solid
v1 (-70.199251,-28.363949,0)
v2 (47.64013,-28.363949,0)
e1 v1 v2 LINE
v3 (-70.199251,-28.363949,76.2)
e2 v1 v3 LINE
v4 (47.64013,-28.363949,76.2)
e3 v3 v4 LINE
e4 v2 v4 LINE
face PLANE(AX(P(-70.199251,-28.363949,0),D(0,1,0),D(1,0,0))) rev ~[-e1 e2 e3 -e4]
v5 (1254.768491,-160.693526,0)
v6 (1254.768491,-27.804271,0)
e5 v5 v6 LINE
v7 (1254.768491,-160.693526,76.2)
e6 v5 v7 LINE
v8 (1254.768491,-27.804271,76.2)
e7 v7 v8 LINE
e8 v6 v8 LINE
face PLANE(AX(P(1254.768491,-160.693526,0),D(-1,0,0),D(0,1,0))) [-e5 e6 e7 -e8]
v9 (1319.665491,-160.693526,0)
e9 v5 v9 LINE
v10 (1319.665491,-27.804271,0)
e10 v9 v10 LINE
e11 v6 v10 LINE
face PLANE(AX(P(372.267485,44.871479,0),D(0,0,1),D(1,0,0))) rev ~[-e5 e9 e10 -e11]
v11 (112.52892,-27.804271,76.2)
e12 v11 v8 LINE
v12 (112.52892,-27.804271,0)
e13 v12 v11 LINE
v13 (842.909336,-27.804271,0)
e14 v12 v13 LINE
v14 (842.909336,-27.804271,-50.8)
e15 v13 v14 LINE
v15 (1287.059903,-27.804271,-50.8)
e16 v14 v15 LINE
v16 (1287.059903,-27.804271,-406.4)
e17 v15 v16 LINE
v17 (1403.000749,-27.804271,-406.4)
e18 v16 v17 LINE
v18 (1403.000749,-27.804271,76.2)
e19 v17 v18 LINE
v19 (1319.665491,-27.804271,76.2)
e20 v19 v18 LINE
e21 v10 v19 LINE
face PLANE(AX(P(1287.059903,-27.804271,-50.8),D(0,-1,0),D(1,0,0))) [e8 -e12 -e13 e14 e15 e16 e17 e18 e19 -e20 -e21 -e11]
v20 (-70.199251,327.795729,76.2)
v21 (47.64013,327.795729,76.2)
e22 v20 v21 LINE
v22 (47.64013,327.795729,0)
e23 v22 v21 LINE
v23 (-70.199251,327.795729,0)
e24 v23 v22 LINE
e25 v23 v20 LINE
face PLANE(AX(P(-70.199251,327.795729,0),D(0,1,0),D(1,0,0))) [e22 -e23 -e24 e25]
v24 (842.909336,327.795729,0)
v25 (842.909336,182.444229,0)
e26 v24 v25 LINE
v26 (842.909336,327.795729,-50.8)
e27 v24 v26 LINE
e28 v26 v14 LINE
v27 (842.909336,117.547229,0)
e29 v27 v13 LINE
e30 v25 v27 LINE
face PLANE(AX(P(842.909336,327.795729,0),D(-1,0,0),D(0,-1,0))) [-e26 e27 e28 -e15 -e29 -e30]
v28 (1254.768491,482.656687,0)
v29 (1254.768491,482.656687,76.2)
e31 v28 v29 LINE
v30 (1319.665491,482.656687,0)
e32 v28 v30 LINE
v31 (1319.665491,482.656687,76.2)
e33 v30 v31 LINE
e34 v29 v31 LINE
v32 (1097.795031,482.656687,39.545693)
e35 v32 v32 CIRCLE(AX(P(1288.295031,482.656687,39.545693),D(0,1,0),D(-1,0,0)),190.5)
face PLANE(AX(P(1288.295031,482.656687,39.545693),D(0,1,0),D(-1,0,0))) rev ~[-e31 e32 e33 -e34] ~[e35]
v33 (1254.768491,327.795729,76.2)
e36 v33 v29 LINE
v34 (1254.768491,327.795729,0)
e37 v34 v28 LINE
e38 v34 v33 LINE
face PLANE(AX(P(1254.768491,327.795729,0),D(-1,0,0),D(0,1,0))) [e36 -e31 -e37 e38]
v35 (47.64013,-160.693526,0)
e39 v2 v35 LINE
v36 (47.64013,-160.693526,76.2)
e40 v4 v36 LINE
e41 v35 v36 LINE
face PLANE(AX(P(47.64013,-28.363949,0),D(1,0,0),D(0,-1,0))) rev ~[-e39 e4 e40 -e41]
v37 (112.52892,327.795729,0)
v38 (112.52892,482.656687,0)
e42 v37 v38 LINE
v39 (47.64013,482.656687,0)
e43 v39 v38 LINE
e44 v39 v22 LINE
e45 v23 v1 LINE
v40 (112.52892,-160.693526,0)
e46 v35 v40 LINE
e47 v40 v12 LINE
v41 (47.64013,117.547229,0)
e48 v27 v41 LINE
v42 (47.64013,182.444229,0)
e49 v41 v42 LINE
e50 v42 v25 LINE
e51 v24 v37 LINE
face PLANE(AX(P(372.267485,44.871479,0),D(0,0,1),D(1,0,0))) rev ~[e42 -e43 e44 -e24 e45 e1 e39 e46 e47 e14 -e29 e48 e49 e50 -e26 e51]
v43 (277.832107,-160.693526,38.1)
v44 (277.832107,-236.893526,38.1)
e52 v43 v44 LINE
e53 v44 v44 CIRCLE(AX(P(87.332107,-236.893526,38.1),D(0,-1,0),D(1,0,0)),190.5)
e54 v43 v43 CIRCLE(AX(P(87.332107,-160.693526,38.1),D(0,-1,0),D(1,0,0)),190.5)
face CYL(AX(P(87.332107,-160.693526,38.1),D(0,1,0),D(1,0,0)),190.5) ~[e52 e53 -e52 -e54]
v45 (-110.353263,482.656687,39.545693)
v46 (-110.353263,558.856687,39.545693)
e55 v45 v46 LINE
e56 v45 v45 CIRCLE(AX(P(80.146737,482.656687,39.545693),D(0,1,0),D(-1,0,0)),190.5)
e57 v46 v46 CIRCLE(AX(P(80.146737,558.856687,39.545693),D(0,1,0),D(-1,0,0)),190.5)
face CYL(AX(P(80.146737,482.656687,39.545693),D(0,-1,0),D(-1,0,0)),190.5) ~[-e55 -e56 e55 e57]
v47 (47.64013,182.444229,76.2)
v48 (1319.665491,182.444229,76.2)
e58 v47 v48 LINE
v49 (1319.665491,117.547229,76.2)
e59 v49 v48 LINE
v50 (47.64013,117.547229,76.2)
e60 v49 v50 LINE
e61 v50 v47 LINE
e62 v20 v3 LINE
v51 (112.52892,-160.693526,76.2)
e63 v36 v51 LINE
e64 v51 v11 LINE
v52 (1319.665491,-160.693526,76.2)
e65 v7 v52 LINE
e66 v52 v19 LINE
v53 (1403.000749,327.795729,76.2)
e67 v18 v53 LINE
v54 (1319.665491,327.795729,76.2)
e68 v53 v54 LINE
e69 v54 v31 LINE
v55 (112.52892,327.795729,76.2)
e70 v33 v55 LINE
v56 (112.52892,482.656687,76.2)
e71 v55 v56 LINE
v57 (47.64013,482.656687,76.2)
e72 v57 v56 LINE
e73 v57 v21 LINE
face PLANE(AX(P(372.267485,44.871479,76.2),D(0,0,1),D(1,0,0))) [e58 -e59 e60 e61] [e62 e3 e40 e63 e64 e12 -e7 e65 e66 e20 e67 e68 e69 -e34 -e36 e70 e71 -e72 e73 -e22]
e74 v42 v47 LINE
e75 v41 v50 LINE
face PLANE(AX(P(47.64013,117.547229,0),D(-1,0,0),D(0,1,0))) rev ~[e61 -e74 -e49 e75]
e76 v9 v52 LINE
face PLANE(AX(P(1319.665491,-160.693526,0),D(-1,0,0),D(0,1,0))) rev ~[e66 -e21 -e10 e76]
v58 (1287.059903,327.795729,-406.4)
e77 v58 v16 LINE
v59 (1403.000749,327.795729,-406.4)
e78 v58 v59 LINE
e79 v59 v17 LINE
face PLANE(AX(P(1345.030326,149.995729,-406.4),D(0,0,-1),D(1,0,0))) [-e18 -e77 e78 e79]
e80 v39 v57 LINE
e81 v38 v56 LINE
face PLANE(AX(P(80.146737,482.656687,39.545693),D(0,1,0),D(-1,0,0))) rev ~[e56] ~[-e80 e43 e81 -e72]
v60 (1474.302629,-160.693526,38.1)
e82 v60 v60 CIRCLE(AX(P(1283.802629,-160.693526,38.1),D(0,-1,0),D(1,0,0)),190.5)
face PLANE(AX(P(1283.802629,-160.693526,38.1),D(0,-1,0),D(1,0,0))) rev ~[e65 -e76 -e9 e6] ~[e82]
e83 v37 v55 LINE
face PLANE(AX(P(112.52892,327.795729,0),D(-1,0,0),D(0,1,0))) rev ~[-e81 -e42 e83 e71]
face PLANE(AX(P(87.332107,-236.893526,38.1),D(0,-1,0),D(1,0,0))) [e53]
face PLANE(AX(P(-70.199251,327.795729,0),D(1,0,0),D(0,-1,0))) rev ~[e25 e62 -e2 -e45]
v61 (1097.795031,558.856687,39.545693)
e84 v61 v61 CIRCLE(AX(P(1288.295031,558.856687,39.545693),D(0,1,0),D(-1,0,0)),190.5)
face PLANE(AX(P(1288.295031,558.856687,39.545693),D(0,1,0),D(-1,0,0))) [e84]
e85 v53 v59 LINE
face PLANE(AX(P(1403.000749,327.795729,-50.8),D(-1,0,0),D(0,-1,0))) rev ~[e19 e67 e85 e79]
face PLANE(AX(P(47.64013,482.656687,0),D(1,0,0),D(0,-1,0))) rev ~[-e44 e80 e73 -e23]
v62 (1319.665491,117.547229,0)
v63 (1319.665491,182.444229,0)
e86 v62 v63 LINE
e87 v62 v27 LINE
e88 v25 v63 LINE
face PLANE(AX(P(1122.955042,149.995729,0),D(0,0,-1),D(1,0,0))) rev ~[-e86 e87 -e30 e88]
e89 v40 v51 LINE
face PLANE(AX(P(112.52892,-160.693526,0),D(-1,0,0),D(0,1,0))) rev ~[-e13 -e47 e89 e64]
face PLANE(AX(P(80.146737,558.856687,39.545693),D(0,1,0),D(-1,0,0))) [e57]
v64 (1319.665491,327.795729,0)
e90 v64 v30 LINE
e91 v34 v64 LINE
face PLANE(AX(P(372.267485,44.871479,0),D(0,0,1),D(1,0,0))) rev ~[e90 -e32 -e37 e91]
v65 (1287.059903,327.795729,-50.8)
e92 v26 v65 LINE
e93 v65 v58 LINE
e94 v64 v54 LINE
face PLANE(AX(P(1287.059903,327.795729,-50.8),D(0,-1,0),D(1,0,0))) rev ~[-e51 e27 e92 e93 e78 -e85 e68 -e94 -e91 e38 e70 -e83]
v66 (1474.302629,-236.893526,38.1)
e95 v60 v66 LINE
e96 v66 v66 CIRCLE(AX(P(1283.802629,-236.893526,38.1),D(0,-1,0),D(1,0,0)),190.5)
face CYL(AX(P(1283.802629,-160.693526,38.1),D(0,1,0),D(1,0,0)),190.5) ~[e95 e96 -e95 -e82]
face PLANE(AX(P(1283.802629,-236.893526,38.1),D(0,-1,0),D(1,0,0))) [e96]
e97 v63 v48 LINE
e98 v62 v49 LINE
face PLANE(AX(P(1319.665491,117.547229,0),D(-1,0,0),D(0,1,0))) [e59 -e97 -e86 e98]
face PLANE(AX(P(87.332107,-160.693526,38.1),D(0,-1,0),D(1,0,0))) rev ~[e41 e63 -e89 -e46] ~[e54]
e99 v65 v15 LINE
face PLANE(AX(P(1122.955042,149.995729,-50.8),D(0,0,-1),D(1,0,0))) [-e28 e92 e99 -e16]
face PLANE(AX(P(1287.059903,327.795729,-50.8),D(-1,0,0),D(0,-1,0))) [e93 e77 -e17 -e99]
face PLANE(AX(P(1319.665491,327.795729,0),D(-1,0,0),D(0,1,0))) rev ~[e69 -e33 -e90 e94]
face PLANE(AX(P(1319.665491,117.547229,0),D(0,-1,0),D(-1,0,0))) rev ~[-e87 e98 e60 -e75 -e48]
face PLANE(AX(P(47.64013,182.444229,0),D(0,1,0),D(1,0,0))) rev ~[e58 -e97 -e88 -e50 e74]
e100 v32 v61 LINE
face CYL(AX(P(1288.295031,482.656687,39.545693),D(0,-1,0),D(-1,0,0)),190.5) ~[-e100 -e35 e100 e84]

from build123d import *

# Parameters (mm, degrees)
F0_W     = 519.4771289825
F0_H     = 145.3515
F0_W_2   = 78.8426995277
F0_W_3   = 543.9197421074
F0_W_4   = 64.8887902498
F0_W_5   = 117.8393810987
F0_H_2   = 64.897
F0_H_3   = 145.9111776203
F0_W_6   = 64.897
F0_H_4   = 132.8892552004
F0_H_5   = 154.8609585657
F0_W_7   = 83.3352580338
F1_DEPTH = 76.2
F2_R     = 190.5
F3_DEPTH = 76.2
F4_R     = 190.5
F5_DEPTH = 76.2
F6_W     = 560.091412735
F6_H     = 355.6
F7_DEPTH = 50.8
F8_W     = 115.9408456802
F8_H     = 355.6
F9_DEPTH = 355.6


with BuildPart() as f1:
    # F0 (on Top) → F1 (new body)
    with BuildSketch(Plane.XY):
        with Locations((372.2674846649, 44.8714789324)):
            Rectangle(F0_W, F0_H)
        Polygon((112.5289201736, -160.693526268), (112.5289201736, -27.8042710676), (112.5289201736, 117.5472289324), (47.6401299238, 117.5472289324), (47.6401299238, -28.3639486879), (47.6401299238, -160.693526268), align=None)
        with Locations((671.4273989201, 44.8714789324)):
            Rectangle(F0_W_2, F0_H)
        with Locations((982.8086197376, 44.8714789324)):
            Rectangle(F0_W_3, F0_H)
        with Locations((80.0845250487, 255.1199789324)):
            Rectangle(F0_W_4, F0_H)
        Polygon((112.5289201736, 327.7957289324), (112.5289201736, 182.4442289324), (632.0060491562, 182.4442289324), (632.0060491562, 327.7957289324), (539.4007488251, 327.7957289324), align=None)
        with Locations((-11.2795606256, 149.9957289324)):
            Rectangle(F0_W_5, F0_H_2)
        with Locations((-11.2795606256, 44.5916401222)):
            Rectangle(F0_W_5, F0_H_3)
        with Locations((1287.2169907913, 44.8714789324)):
            Rectangle(F0_W_6, F0_H)
        with Locations((1287.2169907913, -94.2488986678)):
            Rectangle(F0_W_6, F0_H_4)
        Polygon((632.0060491562, 327.7957289324), (632.0060491562, 182.4442289324), (710.8487486839, 182.4442289324), (710.8487486839, 327.7957289324), (666.4007488251, 327.7957289324), align=None)
        with Locations((80.0845250487, 405.2262082152)):
            Rectangle(F0_W_4, F0_H_5)
        with Locations((-11.2795606256, 255.1199789324)):
            Rectangle(F0_W_5, F0_H)
        with Locations((1361.3331198082, 44.8714789324)):
            Rectangle(F0_W_7, F0_H)
        with Locations((982.8086197376, 255.1199789324)):
            Rectangle(F0_W_3, F0_H)
        with Locations((1361.3331198082, 149.9957289324)):
            Rectangle(F0_W_7, F0_H_2)
        with Locations((1287.2169907913, 255.1199789324)):
            Rectangle(F0_W_6, F0_H)
        with Locations((1361.3331198082, 255.1199789324)):
            Rectangle(F0_W_7, F0_H)
        with Locations((1287.2169907913, 405.2262082152)):
            Rectangle(F0_W_6, F0_H_5)
    extrude(amount=F1_DEPTH)

    # F2 (on face) → F3 (join)
    with BuildSketch(Plane(origin=(0, 482.6566874981, 0), x_dir=(-1, 0, 0), z_dir=(0, 1, 0))):
        with Locations((-80.1467373967, 39.5456925035)):
            Circle(F2_R)
        with Locations((-1288.2950305939, 39.5456925035)):
            Circle(F2_R)
    extrude(amount=F3_DEPTH)

    # F4 (on face) → F5 (join)
    with BuildSketch(Plane.XZ.offset(160.693526268)):
        with Locations((1283.8026285172, 38.1)):
            Circle(F4_R)
        with Locations((87.3321071267, 38.1)):
            Circle(F4_R)
    extrude(amount=F5_DEPTH)

    # F6 (on face) → F7 (join)
    with BuildSketch(Plane(origin=(0, 0, 0), x_dir=(1, 0, 0), z_dir=(0, 0, -1))):
        with Locations((1122.9550424576, -149.9957289324)):
            Rectangle(F6_W, F6_H)
    extrude(amount=F7_DEPTH)

    # F8 (on face) → F9 (join)
    with BuildSketch(Plane(origin=(0, 0, -50.8), x_dir=(1, 0, 0), z_dir=(0, 0, -1))):
        with Locations((1345.030325985, -149.9957289324)):
            Rectangle(F8_W, F8_H)
    extrude(amount=F9_DEPTH)


solid = f1.part
